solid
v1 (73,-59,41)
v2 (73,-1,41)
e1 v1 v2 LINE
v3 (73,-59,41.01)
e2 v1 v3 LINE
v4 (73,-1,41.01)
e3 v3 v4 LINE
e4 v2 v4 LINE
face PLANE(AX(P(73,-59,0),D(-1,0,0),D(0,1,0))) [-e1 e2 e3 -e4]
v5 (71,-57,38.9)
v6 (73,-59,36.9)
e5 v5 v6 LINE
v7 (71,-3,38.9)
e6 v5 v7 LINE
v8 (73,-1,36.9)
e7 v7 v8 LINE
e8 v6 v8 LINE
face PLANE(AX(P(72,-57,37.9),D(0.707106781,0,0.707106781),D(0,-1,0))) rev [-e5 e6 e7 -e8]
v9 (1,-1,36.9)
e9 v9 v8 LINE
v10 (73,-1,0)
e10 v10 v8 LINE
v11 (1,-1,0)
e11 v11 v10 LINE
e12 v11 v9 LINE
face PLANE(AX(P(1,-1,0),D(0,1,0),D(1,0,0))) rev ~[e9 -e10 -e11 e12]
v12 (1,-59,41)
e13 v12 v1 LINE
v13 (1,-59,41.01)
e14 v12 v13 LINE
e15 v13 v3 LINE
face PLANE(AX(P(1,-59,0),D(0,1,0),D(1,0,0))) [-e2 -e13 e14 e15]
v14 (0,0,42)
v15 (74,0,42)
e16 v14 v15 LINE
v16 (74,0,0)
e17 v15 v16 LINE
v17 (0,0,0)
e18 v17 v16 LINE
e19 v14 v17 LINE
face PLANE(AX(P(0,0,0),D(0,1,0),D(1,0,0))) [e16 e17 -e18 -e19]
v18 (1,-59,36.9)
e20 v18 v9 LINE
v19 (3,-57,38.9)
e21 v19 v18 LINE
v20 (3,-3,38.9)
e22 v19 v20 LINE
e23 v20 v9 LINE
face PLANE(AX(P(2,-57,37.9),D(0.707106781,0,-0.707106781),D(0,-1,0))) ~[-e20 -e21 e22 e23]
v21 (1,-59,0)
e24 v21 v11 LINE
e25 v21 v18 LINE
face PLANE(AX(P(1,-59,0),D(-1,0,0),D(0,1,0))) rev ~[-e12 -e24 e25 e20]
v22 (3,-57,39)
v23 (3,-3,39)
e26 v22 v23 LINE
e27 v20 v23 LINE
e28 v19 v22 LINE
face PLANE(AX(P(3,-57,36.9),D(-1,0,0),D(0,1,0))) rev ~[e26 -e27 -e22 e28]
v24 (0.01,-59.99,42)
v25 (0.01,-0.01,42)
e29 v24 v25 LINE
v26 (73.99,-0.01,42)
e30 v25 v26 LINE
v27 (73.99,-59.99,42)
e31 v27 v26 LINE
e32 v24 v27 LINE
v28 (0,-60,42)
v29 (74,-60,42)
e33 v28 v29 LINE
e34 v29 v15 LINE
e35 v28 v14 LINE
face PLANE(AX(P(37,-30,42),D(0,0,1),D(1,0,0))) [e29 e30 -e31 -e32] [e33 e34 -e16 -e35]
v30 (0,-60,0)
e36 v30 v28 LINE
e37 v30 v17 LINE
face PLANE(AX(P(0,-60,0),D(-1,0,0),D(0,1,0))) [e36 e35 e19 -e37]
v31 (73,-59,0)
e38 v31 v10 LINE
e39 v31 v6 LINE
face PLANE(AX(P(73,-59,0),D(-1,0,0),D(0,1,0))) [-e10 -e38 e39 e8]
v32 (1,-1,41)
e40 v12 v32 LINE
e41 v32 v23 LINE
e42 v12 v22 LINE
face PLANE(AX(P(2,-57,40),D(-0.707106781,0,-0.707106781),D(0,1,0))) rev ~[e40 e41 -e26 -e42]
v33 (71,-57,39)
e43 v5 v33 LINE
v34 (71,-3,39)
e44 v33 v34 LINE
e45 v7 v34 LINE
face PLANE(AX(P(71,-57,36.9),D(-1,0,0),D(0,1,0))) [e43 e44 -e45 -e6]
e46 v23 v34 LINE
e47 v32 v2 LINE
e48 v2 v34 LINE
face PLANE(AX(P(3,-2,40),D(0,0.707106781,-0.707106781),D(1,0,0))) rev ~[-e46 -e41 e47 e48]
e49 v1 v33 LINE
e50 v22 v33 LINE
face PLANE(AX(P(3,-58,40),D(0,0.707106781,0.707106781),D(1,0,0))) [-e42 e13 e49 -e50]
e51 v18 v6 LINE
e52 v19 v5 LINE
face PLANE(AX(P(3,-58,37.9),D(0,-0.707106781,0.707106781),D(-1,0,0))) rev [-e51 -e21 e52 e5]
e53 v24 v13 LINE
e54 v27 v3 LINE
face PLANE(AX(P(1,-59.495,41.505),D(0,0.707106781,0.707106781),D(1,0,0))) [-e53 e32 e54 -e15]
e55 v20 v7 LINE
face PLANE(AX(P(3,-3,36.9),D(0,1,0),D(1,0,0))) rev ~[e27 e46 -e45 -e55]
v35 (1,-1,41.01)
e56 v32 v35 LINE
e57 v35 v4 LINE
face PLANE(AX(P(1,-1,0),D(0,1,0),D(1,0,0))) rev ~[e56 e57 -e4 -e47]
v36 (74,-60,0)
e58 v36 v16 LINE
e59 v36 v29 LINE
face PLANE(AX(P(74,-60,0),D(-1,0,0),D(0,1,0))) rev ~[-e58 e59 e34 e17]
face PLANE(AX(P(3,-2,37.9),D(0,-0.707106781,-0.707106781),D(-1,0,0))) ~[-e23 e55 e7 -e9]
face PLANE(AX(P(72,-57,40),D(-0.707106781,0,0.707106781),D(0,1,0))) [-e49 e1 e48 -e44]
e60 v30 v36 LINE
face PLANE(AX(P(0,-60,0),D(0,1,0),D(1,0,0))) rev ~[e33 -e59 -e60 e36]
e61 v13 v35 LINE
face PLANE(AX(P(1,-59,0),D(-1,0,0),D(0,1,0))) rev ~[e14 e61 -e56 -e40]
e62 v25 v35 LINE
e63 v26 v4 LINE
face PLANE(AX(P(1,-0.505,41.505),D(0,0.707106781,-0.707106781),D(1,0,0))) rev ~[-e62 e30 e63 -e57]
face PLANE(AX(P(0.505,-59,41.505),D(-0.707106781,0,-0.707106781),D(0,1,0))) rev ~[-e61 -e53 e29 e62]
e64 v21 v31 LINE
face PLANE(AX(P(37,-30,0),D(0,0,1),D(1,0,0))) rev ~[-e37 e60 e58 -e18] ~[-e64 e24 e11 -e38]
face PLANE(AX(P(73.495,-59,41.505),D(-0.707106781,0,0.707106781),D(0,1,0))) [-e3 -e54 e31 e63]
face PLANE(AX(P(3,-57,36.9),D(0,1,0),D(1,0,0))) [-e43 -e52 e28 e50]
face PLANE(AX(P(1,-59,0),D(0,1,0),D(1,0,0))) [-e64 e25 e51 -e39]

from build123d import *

# Parameters (mm, degrees)
BOX039_W        = 68
BOX039_H        = 54
BOX039_DEPTH    = 4.1
BOX038_W        = 74
BOX038_H        = 60
BOX038_DEPTH    = 4.1
CHAMFER021_SIZE = 2
CHAMFER022_SIZE = 2
BOX033_W        = 72
BOX033_H        = 58
BOX033_DEPTH    = 42
BOX032_W        = 74
BOX032_H        = 60
BOX032_DEPTH    = 42
CHAMFER020_SIZE = 0.99


with BuildPart() as kragen_stecker_ausschnitt:
    # Box039 → Box039 (new body)
    with BuildSketch(Plane(origin=(3, -57, 0), x_dir=(1, 0, 0), z_dir=(0, 0, 1))):
        with Locations((34, 27)):
            Rectangle(BOX039_W, BOX039_H)
    extrude(amount=BOX039_DEPTH)


with BuildPart() as chamfer022:
    # Box038 → Box038 (new body)
    with BuildSketch(Plane(origin=(0, -60, 0), x_dir=(1, 0, 0), z_dir=(0, 0, 1))):
        with Locations((37, 30)):
            Rectangle(BOX038_W, BOX038_H)
    extrude(amount=BOX038_DEPTH)

    # Cut019: cut Kragen Stecker Ausschnitt
    add(kragen_stecker_ausschnitt.part, mode=Mode.SUBTRACT)


with BuildPart() as chamfer022_1:
    # Cut019 placement: moved
    add(chamfer022.part.moved(Location((0, 0, 36.9))))

    # Chamfer021
    chamfer021_edges = [chamfer022_1.edges().sort_by_distance(p)[0] for p in [
        (37, -3, 41),
        (3, -30, 41),
        (37, -57, 41),
        (71, -30, 41),
    ]]
    chamfer(chamfer021_edges, length=CHAMFER021_SIZE)

    # Chamfer022
    chamfer022_edges = [chamfer022_1.edges().sort_by_distance(p)[0] for p in [
        (37, -3, 36.9),
        (3, -30, 36.9),
        (71, -30, 36.9),
        (37, -57, 36.9),
    ]]
    chamfer(chamfer022_edges, length=CHAMFER022_SIZE)


with BuildPart() as ausschnitt_stecker:
    # Box033 → Box033 (new body)
    with BuildSketch(Plane(origin=(1, -59, 0), x_dir=(1, 0, 0), z_dir=(0, 0, 1))):
        with Locations((36, 29)):
            Rectangle(BOX033_W, BOX033_H)
    extrude(amount=BOX033_DEPTH)


with BuildPart() as form:
    # Box032 → Box032 (new body)
    with BuildSketch(Plane(origin=(0, -60, 0), x_dir=(1, 0, 0), z_dir=(0, 0, 1))):
        with Locations((37, 30)):
            Rectangle(BOX032_W, BOX032_H)
    extrude(amount=BOX032_DEPTH)

    # Cut014: cut Ausschnitt Stecker
    add(ausschnitt_stecker.part, mode=Mode.SUBTRACT)

    # Chamfer020
    chamfer020_edges = [form.edges().sort_by_distance(p)[0] for p in [
        (37, -1, 42),
        (1, -30, 42),
        (37, -59, 42),
        (73, -30, 42),
    ]]
    chamfer(chamfer020_edges, length=CHAMFER020_SIZE)

    # Fusion: union Chamfer022
    add(chamfer022_1.part)


solid = form.part
